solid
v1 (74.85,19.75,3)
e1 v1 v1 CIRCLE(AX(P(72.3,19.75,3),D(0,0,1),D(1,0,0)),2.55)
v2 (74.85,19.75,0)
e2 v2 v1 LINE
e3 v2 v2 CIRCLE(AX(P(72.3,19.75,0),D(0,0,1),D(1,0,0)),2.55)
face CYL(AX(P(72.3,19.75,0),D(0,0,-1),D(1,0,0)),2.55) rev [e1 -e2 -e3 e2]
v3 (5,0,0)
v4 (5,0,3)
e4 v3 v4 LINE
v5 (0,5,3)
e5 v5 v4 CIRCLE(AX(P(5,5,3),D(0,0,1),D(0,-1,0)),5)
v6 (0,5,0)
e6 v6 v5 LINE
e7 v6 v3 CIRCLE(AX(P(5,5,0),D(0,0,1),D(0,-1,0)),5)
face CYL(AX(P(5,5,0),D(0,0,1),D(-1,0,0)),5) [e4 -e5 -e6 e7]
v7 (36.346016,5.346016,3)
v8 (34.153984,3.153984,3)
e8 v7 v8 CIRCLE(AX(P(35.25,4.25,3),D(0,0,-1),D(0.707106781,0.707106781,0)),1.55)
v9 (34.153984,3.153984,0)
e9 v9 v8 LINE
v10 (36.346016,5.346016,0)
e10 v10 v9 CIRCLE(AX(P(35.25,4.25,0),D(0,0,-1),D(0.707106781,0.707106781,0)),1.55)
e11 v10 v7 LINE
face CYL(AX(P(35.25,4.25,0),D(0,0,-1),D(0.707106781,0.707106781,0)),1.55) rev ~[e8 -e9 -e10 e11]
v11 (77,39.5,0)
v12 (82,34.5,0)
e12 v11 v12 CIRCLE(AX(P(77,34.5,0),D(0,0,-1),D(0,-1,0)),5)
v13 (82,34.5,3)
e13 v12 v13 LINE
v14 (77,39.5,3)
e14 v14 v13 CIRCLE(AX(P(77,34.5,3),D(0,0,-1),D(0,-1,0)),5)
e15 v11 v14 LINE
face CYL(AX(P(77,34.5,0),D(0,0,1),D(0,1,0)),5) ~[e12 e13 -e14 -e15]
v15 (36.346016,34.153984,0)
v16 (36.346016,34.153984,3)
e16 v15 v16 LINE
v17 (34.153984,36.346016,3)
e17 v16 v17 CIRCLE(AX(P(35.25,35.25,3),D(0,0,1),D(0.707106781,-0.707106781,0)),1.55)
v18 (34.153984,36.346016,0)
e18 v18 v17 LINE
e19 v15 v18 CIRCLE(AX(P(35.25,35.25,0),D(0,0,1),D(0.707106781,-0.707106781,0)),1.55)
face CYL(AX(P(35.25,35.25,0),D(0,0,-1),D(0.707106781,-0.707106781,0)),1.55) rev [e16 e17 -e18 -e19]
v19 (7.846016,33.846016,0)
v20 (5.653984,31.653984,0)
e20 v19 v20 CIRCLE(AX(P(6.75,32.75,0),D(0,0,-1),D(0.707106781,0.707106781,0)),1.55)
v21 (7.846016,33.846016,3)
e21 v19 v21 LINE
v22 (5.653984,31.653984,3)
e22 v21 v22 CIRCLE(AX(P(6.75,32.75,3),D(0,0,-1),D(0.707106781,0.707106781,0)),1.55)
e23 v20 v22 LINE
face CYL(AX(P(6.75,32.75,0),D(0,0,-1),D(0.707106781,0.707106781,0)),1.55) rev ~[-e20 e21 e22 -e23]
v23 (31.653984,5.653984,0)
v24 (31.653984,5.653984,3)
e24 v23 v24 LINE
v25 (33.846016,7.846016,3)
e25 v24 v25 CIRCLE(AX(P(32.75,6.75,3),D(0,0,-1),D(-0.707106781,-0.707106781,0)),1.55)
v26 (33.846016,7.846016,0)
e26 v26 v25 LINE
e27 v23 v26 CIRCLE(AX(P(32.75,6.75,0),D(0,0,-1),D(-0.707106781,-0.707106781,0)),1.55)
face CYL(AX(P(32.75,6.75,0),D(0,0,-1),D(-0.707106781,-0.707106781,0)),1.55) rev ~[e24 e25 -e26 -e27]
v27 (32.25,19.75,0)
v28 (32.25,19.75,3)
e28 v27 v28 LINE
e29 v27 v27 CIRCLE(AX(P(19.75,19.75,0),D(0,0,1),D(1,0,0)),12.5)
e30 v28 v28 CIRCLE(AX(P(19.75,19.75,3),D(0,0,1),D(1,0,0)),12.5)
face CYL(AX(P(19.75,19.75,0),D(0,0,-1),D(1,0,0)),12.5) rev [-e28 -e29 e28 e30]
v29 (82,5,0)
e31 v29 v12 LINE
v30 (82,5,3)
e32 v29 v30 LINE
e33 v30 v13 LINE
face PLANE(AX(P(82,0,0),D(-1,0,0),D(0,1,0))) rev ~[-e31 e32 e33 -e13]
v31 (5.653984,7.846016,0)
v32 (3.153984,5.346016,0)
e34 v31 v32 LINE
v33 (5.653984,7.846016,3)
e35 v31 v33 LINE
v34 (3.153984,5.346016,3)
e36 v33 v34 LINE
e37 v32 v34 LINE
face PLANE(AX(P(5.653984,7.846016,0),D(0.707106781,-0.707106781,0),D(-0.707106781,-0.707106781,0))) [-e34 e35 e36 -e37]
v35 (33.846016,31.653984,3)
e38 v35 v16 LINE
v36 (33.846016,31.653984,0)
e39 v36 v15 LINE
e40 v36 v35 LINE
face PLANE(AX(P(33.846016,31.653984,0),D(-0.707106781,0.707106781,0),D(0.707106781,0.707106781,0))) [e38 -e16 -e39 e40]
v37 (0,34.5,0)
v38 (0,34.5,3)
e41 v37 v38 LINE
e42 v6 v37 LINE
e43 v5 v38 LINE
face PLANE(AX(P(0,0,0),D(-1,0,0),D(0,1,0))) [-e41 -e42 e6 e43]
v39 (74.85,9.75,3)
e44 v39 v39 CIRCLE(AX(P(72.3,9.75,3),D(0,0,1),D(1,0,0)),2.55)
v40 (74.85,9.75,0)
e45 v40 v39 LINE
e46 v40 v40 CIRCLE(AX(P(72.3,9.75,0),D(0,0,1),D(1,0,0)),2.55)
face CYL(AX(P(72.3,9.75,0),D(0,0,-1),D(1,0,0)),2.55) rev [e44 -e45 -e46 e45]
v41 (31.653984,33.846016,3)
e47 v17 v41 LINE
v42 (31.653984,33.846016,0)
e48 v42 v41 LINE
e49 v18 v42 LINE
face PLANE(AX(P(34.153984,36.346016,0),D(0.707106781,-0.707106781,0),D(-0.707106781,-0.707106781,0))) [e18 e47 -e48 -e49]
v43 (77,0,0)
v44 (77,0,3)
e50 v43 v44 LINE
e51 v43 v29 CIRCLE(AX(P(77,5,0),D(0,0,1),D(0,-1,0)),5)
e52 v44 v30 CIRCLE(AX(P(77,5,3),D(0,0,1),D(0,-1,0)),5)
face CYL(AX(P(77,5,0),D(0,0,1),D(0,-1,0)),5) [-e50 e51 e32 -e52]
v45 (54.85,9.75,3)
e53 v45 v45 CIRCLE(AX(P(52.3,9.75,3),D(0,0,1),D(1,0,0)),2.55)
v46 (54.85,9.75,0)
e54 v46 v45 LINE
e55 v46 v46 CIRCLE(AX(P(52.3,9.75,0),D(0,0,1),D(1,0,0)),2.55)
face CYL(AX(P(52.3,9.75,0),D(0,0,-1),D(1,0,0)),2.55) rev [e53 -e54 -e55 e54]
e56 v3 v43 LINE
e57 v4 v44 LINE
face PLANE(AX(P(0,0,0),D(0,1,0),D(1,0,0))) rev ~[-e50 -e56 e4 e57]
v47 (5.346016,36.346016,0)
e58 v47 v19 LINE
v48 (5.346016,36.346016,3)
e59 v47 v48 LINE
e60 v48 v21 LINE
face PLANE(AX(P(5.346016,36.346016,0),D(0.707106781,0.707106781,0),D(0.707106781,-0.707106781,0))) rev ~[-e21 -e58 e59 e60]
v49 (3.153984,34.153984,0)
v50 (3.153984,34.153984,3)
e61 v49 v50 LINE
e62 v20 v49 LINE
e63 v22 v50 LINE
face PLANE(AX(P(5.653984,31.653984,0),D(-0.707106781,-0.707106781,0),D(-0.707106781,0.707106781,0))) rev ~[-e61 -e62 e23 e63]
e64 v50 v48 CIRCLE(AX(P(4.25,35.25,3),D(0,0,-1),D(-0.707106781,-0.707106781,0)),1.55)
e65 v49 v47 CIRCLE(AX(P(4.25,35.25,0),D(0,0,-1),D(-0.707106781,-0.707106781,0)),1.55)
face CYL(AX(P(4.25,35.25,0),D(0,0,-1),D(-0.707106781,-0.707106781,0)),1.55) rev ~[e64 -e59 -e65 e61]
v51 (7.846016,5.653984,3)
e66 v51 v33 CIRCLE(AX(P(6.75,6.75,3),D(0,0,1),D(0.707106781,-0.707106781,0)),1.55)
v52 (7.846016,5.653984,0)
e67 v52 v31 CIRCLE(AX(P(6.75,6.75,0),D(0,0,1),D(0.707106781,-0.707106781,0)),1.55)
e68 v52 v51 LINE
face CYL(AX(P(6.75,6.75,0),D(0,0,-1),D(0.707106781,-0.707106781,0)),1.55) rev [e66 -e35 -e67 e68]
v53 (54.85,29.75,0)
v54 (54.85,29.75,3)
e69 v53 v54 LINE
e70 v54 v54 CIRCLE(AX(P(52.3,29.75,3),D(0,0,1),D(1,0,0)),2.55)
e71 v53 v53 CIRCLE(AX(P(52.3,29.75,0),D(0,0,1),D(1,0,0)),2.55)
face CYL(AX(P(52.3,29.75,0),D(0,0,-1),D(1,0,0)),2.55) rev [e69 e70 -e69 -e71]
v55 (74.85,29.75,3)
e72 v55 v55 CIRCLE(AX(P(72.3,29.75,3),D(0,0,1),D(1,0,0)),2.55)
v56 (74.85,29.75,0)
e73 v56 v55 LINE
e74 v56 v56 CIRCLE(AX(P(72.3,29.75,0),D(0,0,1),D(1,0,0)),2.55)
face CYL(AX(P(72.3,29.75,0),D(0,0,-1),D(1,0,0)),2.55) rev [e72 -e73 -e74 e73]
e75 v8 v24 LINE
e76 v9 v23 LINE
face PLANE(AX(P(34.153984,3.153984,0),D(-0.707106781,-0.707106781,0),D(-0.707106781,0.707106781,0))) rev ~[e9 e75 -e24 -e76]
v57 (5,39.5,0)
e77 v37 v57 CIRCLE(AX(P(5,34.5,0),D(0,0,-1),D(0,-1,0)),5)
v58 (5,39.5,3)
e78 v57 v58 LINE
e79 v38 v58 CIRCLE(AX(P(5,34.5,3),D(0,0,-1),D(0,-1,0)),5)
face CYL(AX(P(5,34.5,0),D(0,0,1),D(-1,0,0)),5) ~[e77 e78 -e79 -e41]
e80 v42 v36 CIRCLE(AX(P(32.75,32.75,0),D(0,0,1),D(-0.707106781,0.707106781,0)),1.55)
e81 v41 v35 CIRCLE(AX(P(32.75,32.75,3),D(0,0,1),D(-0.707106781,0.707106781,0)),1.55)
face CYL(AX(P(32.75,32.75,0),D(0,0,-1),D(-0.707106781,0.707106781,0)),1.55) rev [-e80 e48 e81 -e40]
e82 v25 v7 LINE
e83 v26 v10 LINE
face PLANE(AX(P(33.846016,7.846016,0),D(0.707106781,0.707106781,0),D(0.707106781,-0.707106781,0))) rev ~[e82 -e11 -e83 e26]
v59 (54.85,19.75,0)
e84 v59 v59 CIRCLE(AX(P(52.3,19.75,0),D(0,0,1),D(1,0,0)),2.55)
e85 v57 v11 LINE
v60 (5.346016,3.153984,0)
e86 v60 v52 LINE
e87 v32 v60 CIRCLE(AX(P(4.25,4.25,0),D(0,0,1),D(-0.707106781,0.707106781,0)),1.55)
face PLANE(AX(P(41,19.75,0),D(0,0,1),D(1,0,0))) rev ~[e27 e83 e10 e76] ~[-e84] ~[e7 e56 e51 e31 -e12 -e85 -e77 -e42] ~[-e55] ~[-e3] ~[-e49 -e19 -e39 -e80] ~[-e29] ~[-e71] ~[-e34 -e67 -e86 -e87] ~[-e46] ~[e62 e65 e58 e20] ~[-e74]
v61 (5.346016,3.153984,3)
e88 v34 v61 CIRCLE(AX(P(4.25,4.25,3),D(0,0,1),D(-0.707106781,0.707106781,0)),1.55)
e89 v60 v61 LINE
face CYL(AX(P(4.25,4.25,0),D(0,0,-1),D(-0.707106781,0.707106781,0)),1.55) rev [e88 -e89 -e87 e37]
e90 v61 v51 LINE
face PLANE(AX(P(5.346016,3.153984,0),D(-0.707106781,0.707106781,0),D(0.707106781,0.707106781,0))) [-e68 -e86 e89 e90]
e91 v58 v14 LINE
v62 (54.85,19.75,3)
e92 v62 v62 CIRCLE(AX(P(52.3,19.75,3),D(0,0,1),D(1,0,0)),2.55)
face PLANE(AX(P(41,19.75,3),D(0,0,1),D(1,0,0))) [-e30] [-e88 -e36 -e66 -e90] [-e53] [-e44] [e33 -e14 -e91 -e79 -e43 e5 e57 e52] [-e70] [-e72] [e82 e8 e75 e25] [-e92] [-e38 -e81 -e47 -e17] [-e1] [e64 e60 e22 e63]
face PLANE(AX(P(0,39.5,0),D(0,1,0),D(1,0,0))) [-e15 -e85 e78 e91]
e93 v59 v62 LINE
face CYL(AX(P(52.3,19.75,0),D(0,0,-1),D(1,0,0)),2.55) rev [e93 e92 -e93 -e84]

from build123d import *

# Parameters (mm, degrees)
SKETCH1_W           = 82
SKETCH1_H           = 39.5
SKETCH1_R           = 12.5
SKETCH1_R_2         = 2.55
BOSS_EXTRUDE1_DEPTH = 3
FILLET1_R           = 5


with BuildPart() as part:
    # Sketch1 → Boss-Extrude1 (new body)
    with BuildSketch(Plane.XY):
        with Locations((41, 19.75)):
            Rectangle(SKETCH1_W, SKETCH1_H)
        with Locations((19.75, 19.75)):
            Circle(SKETCH1_R, mode=Mode.SUBTRACT)
        with Locations((52.3, 19.75)):
            Circle(SKETCH1_R_2, mode=Mode.SUBTRACT)
        with Locations((52.3, 29.75)):
            Circle(SKETCH1_R_2, mode=Mode.SUBTRACT)
        with Locations((52.3, 9.75)):
            Circle(SKETCH1_R_2, mode=Mode.SUBTRACT)
        with Locations((72.3, 9.75)):
            Circle(SKETCH1_R_2, mode=Mode.SUBTRACT)
        with Locations((72.3, 19.75)):
            Circle(SKETCH1_R_2, mode=Mode.SUBTRACT)
        with Locations((72.3, 29.75)):
            Circle(SKETCH1_R_2, mode=Mode.SUBTRACT)
        with BuildLine():
            Line((5.346015511, 36.346015511), (7.846015511, 33.846015511))
            ThreePointArc((7.846015511, 33.846015511), (7.846015511, 31.653984489), (5.653984489, 31.653984489))
            Line((5.653984489, 31.653984489), (3.153984489, 34.153984489))
            ThreePointArc((3.153984489, 34.153984489), (3.153984489, 36.346015511), (5.346015511, 36.346015511))
        make_face(mode=Mode.SUBTRACT)
        with BuildLine():
            Line((34.153984489, 36.346015511), (31.653984489, 33.846015511))
            ThreePointArc((31.653984489, 33.846015511), (31.653984489, 31.653984489), (33.846015511, 31.653984489))
            Line((33.846015511, 31.653984489), (36.346015511, 34.153984489))
            ThreePointArc((36.346015511, 34.153984489), (36.346015511, 36.346015511), (34.153984489, 36.346015511))
        make_face(mode=Mode.SUBTRACT)
        with BuildLine():
            Line((34.153984489, 3.153984489), (31.653984489, 5.653984489))
            ThreePointArc((31.653984489, 5.653984489), (31.653984489, 7.846015511), (33.846015511, 7.846015511))
            Line((33.846015511, 7.846015511), (36.346015511, 5.346015511))
            ThreePointArc((36.346015511, 5.346015511), (36.346015511, 3.153984489), (34.153984489, 3.153984489))
        make_face(mode=Mode.SUBTRACT)
        with BuildLine():
            Line((5.346015511, 3.153984489), (7.846015511, 5.653984489))
            ThreePointArc((7.846015511, 5.653984489), (7.846015511, 7.846015511), (5.653984489, 7.846015511))
            Line((5.653984489, 7.846015511), (3.153984489, 5.346015511))
            ThreePointArc((3.153984489, 5.346015511), (3.153984489, 3.153984489), (5.346015511, 3.153984489))
        make_face(mode=Mode.SUBTRACT)
    extrude(amount=BOSS_EXTRUDE1_DEPTH)

    # Fillet1
    fillet1_edges = [part.edges().sort_by_distance(p)[0] for p in [
        (0, 39.5, 1.5),
        (82, 39.5, 1.5),
        (82, 0, 1.5),
        (0, 0, 1.5),
    ]]
    fillet(fillet1_edges, radius=FILLET1_R)


solid = part.part
